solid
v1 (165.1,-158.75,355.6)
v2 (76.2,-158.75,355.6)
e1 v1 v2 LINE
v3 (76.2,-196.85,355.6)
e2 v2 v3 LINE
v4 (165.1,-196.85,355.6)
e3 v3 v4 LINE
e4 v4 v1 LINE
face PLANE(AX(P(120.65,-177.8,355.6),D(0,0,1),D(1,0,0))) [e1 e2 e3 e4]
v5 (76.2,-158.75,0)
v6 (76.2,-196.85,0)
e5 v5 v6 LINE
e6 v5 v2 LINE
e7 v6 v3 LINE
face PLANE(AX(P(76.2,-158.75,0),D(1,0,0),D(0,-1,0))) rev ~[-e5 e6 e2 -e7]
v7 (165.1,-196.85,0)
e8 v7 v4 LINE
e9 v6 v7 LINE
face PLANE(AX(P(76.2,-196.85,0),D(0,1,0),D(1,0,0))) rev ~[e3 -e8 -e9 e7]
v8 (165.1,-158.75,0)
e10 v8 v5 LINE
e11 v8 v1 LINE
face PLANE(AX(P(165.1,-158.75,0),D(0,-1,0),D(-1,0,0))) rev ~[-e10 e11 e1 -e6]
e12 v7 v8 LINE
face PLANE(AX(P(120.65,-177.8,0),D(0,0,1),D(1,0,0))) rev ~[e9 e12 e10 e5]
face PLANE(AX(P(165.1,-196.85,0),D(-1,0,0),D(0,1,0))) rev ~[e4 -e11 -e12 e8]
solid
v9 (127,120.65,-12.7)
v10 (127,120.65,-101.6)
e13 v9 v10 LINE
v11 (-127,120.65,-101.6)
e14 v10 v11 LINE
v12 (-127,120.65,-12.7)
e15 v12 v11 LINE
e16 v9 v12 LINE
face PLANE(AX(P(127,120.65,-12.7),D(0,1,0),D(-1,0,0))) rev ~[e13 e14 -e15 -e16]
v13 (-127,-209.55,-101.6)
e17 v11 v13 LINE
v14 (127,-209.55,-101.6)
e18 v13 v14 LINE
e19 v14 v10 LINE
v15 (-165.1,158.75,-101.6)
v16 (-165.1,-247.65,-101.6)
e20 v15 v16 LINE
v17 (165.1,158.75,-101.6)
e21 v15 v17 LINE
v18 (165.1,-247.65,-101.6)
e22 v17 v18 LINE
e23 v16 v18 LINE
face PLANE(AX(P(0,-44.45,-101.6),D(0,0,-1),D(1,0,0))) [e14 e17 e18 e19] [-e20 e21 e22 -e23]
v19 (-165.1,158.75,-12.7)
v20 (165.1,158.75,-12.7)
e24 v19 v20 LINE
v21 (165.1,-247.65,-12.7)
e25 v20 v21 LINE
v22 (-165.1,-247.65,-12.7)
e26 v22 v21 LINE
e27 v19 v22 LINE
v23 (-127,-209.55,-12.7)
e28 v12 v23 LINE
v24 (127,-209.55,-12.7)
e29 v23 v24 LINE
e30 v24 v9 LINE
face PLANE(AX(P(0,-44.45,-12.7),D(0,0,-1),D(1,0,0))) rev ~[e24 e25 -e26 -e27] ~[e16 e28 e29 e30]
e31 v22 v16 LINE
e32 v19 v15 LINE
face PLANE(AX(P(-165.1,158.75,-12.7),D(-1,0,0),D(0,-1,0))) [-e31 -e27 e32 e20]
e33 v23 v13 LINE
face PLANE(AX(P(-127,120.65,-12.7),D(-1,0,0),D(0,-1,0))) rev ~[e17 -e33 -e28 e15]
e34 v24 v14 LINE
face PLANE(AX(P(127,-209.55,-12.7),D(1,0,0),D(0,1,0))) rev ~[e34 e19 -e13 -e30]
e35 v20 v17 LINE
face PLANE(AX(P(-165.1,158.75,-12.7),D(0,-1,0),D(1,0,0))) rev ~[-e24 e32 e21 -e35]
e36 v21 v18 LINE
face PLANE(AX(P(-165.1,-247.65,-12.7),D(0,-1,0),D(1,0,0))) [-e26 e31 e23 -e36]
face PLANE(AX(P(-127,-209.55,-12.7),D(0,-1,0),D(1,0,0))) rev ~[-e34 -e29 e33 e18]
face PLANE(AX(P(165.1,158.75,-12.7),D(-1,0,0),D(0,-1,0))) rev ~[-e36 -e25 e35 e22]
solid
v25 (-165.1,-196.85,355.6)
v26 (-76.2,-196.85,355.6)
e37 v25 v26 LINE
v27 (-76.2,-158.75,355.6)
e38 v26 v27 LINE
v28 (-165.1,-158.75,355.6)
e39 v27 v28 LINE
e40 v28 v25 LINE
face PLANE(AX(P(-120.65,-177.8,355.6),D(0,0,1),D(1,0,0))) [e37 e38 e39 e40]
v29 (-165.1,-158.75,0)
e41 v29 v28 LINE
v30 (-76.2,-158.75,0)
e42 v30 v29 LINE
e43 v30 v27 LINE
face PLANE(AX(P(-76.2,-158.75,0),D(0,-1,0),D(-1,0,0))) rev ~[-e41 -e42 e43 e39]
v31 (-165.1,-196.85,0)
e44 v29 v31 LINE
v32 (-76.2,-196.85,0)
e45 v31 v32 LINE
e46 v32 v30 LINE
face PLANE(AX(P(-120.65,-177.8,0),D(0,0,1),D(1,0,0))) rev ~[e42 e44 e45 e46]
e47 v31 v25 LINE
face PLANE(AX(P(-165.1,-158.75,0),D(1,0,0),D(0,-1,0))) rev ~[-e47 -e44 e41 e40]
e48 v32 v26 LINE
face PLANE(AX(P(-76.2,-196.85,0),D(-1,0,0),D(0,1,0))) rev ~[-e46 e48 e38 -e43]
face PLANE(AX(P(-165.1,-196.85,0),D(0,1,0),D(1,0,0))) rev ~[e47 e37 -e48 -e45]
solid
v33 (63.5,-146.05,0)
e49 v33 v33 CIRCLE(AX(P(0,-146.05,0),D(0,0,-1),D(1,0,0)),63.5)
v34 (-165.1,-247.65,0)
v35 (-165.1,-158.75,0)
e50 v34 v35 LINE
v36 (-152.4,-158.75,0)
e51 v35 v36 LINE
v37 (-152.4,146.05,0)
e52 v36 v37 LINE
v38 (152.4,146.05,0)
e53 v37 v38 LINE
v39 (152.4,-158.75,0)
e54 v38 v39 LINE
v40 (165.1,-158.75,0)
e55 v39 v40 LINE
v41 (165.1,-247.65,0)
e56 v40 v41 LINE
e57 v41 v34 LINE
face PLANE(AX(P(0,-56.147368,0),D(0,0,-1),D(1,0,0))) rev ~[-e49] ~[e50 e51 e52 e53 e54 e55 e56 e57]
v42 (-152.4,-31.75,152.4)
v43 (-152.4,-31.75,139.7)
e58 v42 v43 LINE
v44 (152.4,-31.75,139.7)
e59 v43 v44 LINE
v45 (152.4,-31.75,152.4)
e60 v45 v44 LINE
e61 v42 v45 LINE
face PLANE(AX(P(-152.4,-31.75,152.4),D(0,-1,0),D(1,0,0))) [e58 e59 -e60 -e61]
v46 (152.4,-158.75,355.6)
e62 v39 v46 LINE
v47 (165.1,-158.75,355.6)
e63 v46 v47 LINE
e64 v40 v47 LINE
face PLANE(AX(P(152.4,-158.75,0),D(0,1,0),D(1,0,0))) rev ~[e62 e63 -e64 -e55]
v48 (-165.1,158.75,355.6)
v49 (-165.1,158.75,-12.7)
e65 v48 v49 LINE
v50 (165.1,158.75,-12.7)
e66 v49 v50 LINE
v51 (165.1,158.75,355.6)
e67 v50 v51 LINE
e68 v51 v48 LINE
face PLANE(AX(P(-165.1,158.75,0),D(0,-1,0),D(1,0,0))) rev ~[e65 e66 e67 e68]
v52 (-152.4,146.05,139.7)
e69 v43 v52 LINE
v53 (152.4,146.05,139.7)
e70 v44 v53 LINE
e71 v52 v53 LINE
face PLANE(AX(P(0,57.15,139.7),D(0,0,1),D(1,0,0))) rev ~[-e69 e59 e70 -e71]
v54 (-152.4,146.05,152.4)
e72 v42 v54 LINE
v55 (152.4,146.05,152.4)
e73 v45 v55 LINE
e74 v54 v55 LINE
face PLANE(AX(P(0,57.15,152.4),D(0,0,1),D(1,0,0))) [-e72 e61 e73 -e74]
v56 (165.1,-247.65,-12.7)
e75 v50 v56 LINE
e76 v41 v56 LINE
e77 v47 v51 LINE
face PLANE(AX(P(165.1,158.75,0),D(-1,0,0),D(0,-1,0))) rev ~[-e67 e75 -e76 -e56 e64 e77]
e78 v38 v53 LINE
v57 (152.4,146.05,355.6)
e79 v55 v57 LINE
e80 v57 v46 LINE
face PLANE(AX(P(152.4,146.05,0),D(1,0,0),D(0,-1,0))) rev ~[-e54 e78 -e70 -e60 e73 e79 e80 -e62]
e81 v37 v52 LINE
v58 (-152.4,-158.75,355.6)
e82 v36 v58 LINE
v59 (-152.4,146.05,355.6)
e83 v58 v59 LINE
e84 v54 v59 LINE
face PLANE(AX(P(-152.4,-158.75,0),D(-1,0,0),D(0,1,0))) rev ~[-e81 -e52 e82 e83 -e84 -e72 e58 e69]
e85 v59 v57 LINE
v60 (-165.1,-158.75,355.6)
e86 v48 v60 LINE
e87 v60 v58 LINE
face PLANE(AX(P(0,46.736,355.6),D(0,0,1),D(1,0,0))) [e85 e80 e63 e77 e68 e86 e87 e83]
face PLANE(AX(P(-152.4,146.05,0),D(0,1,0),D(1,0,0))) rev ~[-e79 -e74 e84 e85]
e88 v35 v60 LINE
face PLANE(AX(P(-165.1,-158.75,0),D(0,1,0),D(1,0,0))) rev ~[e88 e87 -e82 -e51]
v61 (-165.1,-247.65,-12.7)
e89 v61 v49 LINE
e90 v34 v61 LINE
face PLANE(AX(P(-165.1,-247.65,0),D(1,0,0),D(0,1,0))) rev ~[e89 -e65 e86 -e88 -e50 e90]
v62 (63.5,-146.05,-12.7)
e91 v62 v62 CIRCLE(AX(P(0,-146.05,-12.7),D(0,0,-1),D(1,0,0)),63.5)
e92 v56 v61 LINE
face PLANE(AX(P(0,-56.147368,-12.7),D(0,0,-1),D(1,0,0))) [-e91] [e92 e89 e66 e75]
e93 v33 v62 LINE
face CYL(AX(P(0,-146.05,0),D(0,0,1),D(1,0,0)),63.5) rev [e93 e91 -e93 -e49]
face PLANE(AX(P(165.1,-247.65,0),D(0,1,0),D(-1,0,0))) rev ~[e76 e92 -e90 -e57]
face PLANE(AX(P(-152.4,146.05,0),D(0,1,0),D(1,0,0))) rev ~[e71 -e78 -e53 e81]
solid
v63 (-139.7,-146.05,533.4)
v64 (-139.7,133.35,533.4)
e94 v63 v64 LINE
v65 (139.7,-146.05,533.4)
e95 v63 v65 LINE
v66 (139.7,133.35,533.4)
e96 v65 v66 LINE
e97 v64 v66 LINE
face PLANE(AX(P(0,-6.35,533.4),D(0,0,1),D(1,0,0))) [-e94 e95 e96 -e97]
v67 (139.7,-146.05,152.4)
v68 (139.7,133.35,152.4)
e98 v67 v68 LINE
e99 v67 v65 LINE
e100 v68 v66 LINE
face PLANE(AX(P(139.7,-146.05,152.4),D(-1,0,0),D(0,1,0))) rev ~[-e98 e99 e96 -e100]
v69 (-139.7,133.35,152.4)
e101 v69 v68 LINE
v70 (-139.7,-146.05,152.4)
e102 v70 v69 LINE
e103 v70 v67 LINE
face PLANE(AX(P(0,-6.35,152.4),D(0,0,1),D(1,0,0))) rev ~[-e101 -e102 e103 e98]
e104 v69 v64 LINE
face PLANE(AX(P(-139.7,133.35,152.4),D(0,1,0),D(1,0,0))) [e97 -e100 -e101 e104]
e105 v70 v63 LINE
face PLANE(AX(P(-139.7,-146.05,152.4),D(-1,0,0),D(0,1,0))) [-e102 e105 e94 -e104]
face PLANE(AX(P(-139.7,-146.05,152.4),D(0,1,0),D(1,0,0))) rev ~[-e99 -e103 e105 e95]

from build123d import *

# Parameters (mm, degrees)
F1_DEPTH  = 355.6
F2_R      = 63.5
F3_DEPTH  = 12.7
F4_W      = 330.2
F4_H      = 406.4
F5_DEPTH  = 88.9
F7_W      = 279.4
F7_H      = 279.4
F8_DEPTH  = 381
F10_DEPTH = 355.6
F11_W     = 304.8
F11_H     = 177.8
F12_DEPTH = 12.7


with BuildPart() as f1:
    # F0 (on Top) → F1 (new body)
    with BuildSketch(Plane.XY):
        Polygon((165.1, 158.75), (-165.1, 158.75), (-165.1, -158.75), (-152.4, -158.75), (-152.4, 146.05), (152.4, 146.05), (152.4, -158.75), (165.1, -158.75), align=None)
    extrude(amount=F1_DEPTH)

    # F2 (on face) → F3 (join)
    with BuildSketch(Plane(origin=(0, 0, 0), x_dir=(1, 0, 0), z_dir=(0, 0, -1))):
        Polygon((152.4, 158.75), (165.1, 158.75), (165.1, 247.65), (-165.1, 247.65), (-165.1, 158.75), (-152.4, 158.75), (-152.4, -146.05), (152.4, -146.05), align=None)
        with Locations((0, 146.05)):
            Circle(F2_R, mode=Mode.SUBTRACT)
        Polygon((-165.1, -158.75), (165.1, -158.75), (165.1, 158.75), (152.4, 158.75), (152.4, -146.05), (-152.4, -146.05), (-152.4, 158.75), (-165.1, 158.75), align=None)
    extrude(amount=F3_DEPTH)

    # F11 (on offset) → F12 (join)
    with BuildSketch(Plane.XY.offset(152.4)):
        with Locations((0, 57.15)):
            Rectangle(F11_W, F11_H)
    extrude(amount=-F12_DEPTH)


with BuildPart() as f5:
    # F4 (on face) → F5 (new body)
    with BuildSketch(Plane(origin=(0, 0, -12.7), x_dir=(1, 0, 0), z_dir=(0, 0, -1))):
        with Locations((0, 44.45)):
            Rectangle(F4_W, F4_H)
        Polygon((127, -120.65), (-127, -120.65), (-127, 209.55), (0, 209.55), (127, 209.55), align=None, mode=Mode.SUBTRACT)
    extrude(amount=F5_DEPTH)


with BuildPart() as f8:
    # F7 (on offset) → F8 (new body)
    with BuildSketch(Plane.XY.offset(152.4)):
        with Locations((0, -6.35)):
            Rectangle(F7_W, F7_H)
    extrude(amount=F8_DEPTH)


with BuildPart() as f10:
    # F9 (on face) → F10 (new body, through all)
    with BuildSketch(Plane.XY):
        Polygon((-165.1, -158.75), (-165.1, -196.85), (-76.2, -196.85), (-76.2, -158.75), (-152.4, -158.75), align=None)
    extrude(amount=F10_DEPTH)


with BuildPart() as f10b:
    # F9 (on face) → F10, piece 2 (new body, through all)
    with BuildSketch(Plane.XY):
        Polygon((76.2, -196.85), (165.1, -196.85), (165.1, -158.75), (152.4, -158.75), (76.2, -158.75), align=None)
    extrude(amount=F10_DEPTH)


solid = Compound([f1.part, f5.part, f8.part, f10.part, f10b.part])
